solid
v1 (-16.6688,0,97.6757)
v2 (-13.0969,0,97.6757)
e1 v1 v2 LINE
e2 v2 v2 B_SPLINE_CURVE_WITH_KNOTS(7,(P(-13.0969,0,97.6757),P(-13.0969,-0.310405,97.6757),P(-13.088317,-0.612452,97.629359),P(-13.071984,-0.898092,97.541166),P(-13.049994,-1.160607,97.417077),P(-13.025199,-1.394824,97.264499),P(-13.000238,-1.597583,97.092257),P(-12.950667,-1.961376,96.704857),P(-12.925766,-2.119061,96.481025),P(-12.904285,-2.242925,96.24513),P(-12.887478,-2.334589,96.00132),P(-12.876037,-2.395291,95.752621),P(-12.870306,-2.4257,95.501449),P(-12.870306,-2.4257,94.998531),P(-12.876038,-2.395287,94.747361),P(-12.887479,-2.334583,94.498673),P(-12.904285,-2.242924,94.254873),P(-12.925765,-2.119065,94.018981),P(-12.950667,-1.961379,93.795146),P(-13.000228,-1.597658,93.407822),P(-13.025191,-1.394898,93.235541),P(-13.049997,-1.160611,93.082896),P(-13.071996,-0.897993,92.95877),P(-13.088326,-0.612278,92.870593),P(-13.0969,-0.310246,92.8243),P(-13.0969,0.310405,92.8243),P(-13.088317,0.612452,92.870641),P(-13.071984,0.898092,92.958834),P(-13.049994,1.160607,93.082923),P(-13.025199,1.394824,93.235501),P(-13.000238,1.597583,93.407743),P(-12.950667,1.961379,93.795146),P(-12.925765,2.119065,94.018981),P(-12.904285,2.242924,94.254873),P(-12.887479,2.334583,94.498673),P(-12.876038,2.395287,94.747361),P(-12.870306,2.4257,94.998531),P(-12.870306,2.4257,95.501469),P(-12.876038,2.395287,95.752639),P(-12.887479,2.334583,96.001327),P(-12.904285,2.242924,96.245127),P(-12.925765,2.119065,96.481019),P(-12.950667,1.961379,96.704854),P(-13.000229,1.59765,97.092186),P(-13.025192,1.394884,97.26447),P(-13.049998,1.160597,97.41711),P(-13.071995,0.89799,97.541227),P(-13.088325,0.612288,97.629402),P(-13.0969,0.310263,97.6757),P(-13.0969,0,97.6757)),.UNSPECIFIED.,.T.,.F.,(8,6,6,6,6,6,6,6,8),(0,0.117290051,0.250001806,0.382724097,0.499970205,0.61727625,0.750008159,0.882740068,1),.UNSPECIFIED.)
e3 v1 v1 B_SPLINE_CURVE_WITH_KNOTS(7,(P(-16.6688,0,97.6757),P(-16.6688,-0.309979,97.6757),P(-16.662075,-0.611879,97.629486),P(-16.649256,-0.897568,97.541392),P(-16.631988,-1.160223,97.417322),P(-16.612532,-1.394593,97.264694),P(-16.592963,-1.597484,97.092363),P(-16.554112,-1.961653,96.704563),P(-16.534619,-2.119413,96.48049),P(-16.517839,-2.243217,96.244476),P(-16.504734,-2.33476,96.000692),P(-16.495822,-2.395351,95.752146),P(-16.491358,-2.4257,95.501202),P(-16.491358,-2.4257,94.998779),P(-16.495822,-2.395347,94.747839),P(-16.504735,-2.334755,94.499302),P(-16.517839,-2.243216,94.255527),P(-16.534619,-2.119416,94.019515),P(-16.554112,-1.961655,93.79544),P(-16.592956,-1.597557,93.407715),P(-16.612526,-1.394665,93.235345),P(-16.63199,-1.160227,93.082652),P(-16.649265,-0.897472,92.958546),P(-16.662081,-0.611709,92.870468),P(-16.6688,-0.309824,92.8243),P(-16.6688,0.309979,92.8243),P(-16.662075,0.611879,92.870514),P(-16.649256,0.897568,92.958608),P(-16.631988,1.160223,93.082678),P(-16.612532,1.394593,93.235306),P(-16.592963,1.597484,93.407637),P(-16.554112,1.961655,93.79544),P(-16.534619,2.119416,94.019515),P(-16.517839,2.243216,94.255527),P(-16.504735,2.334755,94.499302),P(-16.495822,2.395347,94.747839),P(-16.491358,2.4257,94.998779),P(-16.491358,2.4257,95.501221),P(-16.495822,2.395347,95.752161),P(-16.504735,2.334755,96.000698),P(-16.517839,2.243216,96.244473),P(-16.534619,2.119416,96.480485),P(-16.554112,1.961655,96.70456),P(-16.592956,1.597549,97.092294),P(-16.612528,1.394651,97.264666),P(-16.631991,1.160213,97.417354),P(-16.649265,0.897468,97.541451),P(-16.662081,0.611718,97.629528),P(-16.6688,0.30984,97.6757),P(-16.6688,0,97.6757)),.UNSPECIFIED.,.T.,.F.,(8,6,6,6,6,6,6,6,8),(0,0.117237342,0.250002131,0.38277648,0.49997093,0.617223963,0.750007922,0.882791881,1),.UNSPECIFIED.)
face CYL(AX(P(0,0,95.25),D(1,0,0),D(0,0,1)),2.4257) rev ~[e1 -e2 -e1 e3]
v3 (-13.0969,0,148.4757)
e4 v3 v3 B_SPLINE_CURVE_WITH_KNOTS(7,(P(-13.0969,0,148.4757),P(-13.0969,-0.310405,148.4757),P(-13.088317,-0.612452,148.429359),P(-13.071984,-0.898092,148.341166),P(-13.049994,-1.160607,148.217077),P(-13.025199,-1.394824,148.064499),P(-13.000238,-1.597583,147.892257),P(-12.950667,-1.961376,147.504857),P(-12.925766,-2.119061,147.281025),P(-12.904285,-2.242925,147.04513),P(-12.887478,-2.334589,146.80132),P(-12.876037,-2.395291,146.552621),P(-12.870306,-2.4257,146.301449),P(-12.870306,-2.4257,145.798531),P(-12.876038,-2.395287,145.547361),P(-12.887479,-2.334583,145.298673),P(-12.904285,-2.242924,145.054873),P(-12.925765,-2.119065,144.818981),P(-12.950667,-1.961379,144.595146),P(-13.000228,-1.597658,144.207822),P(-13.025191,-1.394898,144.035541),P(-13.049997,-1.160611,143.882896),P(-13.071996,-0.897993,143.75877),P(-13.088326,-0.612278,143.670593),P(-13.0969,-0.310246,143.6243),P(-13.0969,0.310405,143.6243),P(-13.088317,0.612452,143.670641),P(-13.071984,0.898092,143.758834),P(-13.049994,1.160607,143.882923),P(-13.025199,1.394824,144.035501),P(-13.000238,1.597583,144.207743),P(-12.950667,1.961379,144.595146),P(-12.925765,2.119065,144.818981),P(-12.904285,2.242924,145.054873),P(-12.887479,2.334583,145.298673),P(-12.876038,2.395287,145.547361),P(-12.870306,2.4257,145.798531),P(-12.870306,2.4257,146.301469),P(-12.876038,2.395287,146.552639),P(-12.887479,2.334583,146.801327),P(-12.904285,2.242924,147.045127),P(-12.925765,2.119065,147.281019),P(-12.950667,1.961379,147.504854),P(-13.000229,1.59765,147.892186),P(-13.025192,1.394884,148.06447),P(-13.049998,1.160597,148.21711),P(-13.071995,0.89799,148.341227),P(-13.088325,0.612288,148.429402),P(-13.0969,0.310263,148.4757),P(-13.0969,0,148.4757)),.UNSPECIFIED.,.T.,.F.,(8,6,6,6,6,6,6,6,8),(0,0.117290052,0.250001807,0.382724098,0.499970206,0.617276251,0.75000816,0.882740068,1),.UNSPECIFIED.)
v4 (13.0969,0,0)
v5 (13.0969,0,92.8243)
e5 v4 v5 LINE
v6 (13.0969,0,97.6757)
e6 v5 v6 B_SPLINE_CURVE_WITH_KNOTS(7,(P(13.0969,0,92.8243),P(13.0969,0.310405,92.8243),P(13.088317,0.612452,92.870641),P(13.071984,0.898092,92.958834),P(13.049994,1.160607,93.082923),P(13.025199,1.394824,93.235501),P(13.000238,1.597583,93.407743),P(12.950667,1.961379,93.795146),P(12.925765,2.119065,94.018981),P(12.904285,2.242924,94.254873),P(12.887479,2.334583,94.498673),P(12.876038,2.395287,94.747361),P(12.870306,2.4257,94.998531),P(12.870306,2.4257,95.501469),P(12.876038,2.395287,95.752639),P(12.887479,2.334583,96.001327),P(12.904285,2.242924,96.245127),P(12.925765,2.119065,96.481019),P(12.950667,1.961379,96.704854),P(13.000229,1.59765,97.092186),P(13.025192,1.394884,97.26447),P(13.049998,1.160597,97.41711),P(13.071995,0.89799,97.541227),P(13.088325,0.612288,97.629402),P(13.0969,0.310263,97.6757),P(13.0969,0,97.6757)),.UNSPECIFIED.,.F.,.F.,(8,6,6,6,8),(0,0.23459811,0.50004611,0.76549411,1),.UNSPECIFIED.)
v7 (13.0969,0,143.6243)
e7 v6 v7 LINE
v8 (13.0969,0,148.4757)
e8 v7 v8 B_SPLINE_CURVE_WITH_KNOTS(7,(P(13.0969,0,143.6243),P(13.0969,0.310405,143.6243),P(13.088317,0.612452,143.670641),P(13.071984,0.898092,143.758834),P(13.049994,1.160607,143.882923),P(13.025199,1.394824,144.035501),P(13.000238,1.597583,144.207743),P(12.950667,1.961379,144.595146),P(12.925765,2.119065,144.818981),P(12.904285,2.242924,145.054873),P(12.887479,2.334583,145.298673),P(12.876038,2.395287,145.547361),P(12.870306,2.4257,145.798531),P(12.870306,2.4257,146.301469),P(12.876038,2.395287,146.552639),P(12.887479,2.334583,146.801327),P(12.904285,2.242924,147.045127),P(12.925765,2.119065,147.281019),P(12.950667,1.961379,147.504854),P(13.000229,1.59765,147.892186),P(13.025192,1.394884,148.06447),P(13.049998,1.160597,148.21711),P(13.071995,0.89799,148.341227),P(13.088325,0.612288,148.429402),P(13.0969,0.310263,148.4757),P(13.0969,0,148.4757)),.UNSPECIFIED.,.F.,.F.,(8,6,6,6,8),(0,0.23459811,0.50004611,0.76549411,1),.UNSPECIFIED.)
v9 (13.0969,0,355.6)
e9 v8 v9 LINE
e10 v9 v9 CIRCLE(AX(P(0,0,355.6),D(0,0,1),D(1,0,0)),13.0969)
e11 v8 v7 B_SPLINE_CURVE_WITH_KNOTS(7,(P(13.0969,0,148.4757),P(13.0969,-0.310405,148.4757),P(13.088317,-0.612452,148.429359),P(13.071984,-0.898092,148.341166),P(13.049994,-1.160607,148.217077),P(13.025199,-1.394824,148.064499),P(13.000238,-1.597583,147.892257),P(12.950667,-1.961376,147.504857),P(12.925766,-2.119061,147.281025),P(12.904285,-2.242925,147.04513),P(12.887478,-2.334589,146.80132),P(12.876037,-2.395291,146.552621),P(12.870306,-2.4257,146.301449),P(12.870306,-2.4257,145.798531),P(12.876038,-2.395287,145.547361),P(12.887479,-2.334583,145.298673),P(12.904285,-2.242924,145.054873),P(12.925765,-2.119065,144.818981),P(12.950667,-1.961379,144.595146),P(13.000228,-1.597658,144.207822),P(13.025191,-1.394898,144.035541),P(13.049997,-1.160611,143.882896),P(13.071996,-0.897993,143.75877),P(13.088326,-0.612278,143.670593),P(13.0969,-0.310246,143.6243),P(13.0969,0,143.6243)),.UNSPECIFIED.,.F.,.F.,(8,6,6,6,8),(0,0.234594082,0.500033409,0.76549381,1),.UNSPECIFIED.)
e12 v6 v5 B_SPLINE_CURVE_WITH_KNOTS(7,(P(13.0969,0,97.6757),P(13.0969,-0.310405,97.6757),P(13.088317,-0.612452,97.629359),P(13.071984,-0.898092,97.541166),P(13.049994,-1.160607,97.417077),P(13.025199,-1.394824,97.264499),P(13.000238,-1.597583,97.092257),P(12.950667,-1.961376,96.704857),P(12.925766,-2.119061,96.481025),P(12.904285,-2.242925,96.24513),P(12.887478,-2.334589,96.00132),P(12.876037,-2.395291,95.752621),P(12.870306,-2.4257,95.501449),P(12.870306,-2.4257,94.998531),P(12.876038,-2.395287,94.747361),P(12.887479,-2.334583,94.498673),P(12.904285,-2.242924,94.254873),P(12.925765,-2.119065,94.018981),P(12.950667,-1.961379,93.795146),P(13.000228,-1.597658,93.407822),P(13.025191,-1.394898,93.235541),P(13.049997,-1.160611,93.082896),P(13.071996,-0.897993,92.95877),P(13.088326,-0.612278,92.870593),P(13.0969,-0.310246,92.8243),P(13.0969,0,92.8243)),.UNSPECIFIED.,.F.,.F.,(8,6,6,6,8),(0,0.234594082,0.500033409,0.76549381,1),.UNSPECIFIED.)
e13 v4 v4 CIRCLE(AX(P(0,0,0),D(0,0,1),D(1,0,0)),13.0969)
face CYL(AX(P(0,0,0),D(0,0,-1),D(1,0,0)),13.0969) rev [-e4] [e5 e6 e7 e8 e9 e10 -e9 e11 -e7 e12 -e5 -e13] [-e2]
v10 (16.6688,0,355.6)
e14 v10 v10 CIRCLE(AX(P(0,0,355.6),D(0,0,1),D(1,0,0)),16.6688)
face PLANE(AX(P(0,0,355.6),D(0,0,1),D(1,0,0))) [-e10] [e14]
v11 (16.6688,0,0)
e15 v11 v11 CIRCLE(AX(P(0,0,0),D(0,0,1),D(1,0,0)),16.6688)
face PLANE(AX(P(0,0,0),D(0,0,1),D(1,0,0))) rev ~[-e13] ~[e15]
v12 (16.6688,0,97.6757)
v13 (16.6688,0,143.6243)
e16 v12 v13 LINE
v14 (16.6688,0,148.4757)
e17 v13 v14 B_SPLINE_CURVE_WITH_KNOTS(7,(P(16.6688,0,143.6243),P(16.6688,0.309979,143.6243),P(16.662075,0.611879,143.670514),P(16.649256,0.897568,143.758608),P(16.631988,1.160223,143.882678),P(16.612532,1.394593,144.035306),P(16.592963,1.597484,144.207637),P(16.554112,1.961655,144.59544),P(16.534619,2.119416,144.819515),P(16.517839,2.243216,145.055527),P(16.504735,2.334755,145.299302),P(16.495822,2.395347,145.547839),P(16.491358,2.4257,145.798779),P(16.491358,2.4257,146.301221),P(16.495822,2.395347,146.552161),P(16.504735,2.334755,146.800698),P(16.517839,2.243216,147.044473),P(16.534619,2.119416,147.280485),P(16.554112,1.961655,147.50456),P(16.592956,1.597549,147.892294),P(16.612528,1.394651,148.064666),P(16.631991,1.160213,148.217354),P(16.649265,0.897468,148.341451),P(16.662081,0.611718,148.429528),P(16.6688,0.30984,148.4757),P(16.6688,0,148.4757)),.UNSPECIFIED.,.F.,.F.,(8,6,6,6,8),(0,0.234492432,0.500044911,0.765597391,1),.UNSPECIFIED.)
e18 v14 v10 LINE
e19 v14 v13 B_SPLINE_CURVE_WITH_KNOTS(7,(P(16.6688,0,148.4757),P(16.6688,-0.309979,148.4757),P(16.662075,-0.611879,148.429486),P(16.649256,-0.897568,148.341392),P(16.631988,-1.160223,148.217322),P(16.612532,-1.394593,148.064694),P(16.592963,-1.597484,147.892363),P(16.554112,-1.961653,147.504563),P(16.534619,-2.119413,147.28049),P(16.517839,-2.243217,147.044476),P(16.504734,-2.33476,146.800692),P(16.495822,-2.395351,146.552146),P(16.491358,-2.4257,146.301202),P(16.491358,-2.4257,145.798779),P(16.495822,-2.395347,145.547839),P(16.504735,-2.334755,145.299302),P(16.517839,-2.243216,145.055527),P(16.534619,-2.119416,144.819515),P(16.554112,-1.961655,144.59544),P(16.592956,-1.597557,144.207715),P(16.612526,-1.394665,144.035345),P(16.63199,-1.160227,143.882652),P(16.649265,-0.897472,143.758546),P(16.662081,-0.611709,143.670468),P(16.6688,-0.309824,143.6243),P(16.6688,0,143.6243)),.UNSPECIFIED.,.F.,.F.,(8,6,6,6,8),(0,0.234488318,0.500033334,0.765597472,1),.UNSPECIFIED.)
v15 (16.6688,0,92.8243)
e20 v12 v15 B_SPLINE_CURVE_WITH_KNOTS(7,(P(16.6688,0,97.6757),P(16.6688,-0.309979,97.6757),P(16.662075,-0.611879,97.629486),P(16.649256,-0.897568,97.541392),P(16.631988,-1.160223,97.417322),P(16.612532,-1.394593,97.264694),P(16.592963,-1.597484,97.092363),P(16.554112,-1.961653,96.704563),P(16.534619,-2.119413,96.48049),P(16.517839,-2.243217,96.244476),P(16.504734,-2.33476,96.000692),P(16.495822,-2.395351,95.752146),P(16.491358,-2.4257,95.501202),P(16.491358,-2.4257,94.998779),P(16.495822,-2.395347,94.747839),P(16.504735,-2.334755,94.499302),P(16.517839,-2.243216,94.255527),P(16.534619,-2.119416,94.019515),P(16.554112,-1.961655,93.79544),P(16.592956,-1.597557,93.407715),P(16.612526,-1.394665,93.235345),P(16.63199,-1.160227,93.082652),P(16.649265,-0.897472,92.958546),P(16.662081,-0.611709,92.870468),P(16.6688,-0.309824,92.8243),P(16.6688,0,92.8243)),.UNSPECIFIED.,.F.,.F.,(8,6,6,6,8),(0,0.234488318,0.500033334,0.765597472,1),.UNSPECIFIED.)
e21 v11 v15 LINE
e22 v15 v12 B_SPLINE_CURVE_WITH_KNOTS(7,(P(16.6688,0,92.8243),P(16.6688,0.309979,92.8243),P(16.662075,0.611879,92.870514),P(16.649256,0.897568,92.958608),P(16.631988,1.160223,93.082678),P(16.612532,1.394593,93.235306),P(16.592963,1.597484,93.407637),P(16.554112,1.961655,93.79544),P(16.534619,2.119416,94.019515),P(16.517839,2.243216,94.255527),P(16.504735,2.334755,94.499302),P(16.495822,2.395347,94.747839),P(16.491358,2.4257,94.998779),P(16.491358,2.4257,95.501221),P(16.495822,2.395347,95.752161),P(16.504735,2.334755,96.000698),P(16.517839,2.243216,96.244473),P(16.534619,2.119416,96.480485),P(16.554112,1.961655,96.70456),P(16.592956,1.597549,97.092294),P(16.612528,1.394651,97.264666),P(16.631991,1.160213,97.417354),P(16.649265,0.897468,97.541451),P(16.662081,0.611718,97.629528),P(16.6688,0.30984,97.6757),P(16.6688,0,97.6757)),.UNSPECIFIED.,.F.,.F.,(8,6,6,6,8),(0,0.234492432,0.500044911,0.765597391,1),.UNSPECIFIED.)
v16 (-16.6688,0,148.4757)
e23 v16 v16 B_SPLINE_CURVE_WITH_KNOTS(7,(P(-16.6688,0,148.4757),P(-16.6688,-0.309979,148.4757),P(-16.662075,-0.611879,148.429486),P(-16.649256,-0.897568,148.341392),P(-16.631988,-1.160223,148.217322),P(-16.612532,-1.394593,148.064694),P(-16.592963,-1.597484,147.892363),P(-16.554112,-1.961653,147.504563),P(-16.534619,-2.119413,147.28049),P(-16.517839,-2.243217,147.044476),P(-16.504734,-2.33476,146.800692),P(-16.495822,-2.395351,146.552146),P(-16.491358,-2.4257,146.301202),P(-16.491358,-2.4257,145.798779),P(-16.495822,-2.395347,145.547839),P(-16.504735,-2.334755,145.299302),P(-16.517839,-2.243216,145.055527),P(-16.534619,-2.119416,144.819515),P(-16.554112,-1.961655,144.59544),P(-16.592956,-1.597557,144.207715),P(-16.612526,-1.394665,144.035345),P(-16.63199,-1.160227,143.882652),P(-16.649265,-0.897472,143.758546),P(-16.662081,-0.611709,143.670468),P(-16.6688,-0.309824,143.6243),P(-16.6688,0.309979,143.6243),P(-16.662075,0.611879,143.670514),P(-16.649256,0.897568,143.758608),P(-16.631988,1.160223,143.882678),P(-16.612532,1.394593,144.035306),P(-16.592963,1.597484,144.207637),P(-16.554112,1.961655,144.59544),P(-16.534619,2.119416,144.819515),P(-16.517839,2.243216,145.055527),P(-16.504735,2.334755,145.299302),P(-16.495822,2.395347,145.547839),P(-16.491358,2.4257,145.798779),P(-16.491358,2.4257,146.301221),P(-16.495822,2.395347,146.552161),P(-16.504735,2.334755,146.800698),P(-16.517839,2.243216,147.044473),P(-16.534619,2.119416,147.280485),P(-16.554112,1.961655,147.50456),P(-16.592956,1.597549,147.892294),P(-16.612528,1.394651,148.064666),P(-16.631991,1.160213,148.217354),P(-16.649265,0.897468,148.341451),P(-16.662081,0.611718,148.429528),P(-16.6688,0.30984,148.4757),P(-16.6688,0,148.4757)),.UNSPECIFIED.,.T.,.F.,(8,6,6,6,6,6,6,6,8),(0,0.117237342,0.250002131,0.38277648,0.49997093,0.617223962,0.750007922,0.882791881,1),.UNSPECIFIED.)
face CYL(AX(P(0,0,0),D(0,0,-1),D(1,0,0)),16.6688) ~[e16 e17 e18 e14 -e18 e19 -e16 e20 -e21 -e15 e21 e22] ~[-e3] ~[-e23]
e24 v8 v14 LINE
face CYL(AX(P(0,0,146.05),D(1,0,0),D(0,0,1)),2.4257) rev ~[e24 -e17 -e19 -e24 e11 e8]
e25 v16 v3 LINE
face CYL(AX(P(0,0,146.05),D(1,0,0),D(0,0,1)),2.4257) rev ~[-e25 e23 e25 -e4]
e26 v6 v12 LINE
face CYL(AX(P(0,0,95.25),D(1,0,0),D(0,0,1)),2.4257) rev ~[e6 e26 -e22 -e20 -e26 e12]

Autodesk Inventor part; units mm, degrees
ref_plane "XZ Plane" through (0, 0, 0) normal (0, 1, 0) x (-1, 0, 0)
ref_plane "XY Plane" through (0, 0, 0) normal (0, 0, 1) x (1, 0, 0)
sketch "Sketch1" plane through (0, 0, 0) normal (0, 0, 1) x (1, 0, 0)
  circle A0 centre (0, 0) radius 13.0969
  circle A1 centre (0, 0) radius 16.6688
  dimension "d0" = 26.1938
  dimension "d1" = 33.3375
extrude "Extrusion1" add sketch "Sketch1" along normal blind 355.6
ref_plane "Work Plane1" through (0, 0, 0) normal (1, 0, 0) x (0, 0, 1)
sketch "Sketch2" plane through (0, 0, 0) normal (1, 0, 0) x (0, 0, 1)
  circle A0 centre (146.05, 0) radius 2.4257
  line L0 (-71.12, 0) -> (426.72, 0) projected
  line L1 (355.6, 13.0969) -> (355.6, -13.0969) projected
  dimension "d5" = 4.8514
  dimension "d6" = 209.55
extrude "Extrusion2" cut sketch "Sketch2" against normal mid plane 381
pattern_linear "Rectangular Pattern1" count 2 spacing 50.8 along (0, 0, -1) of "Extrusion2"
properties part number "FE-00026"
